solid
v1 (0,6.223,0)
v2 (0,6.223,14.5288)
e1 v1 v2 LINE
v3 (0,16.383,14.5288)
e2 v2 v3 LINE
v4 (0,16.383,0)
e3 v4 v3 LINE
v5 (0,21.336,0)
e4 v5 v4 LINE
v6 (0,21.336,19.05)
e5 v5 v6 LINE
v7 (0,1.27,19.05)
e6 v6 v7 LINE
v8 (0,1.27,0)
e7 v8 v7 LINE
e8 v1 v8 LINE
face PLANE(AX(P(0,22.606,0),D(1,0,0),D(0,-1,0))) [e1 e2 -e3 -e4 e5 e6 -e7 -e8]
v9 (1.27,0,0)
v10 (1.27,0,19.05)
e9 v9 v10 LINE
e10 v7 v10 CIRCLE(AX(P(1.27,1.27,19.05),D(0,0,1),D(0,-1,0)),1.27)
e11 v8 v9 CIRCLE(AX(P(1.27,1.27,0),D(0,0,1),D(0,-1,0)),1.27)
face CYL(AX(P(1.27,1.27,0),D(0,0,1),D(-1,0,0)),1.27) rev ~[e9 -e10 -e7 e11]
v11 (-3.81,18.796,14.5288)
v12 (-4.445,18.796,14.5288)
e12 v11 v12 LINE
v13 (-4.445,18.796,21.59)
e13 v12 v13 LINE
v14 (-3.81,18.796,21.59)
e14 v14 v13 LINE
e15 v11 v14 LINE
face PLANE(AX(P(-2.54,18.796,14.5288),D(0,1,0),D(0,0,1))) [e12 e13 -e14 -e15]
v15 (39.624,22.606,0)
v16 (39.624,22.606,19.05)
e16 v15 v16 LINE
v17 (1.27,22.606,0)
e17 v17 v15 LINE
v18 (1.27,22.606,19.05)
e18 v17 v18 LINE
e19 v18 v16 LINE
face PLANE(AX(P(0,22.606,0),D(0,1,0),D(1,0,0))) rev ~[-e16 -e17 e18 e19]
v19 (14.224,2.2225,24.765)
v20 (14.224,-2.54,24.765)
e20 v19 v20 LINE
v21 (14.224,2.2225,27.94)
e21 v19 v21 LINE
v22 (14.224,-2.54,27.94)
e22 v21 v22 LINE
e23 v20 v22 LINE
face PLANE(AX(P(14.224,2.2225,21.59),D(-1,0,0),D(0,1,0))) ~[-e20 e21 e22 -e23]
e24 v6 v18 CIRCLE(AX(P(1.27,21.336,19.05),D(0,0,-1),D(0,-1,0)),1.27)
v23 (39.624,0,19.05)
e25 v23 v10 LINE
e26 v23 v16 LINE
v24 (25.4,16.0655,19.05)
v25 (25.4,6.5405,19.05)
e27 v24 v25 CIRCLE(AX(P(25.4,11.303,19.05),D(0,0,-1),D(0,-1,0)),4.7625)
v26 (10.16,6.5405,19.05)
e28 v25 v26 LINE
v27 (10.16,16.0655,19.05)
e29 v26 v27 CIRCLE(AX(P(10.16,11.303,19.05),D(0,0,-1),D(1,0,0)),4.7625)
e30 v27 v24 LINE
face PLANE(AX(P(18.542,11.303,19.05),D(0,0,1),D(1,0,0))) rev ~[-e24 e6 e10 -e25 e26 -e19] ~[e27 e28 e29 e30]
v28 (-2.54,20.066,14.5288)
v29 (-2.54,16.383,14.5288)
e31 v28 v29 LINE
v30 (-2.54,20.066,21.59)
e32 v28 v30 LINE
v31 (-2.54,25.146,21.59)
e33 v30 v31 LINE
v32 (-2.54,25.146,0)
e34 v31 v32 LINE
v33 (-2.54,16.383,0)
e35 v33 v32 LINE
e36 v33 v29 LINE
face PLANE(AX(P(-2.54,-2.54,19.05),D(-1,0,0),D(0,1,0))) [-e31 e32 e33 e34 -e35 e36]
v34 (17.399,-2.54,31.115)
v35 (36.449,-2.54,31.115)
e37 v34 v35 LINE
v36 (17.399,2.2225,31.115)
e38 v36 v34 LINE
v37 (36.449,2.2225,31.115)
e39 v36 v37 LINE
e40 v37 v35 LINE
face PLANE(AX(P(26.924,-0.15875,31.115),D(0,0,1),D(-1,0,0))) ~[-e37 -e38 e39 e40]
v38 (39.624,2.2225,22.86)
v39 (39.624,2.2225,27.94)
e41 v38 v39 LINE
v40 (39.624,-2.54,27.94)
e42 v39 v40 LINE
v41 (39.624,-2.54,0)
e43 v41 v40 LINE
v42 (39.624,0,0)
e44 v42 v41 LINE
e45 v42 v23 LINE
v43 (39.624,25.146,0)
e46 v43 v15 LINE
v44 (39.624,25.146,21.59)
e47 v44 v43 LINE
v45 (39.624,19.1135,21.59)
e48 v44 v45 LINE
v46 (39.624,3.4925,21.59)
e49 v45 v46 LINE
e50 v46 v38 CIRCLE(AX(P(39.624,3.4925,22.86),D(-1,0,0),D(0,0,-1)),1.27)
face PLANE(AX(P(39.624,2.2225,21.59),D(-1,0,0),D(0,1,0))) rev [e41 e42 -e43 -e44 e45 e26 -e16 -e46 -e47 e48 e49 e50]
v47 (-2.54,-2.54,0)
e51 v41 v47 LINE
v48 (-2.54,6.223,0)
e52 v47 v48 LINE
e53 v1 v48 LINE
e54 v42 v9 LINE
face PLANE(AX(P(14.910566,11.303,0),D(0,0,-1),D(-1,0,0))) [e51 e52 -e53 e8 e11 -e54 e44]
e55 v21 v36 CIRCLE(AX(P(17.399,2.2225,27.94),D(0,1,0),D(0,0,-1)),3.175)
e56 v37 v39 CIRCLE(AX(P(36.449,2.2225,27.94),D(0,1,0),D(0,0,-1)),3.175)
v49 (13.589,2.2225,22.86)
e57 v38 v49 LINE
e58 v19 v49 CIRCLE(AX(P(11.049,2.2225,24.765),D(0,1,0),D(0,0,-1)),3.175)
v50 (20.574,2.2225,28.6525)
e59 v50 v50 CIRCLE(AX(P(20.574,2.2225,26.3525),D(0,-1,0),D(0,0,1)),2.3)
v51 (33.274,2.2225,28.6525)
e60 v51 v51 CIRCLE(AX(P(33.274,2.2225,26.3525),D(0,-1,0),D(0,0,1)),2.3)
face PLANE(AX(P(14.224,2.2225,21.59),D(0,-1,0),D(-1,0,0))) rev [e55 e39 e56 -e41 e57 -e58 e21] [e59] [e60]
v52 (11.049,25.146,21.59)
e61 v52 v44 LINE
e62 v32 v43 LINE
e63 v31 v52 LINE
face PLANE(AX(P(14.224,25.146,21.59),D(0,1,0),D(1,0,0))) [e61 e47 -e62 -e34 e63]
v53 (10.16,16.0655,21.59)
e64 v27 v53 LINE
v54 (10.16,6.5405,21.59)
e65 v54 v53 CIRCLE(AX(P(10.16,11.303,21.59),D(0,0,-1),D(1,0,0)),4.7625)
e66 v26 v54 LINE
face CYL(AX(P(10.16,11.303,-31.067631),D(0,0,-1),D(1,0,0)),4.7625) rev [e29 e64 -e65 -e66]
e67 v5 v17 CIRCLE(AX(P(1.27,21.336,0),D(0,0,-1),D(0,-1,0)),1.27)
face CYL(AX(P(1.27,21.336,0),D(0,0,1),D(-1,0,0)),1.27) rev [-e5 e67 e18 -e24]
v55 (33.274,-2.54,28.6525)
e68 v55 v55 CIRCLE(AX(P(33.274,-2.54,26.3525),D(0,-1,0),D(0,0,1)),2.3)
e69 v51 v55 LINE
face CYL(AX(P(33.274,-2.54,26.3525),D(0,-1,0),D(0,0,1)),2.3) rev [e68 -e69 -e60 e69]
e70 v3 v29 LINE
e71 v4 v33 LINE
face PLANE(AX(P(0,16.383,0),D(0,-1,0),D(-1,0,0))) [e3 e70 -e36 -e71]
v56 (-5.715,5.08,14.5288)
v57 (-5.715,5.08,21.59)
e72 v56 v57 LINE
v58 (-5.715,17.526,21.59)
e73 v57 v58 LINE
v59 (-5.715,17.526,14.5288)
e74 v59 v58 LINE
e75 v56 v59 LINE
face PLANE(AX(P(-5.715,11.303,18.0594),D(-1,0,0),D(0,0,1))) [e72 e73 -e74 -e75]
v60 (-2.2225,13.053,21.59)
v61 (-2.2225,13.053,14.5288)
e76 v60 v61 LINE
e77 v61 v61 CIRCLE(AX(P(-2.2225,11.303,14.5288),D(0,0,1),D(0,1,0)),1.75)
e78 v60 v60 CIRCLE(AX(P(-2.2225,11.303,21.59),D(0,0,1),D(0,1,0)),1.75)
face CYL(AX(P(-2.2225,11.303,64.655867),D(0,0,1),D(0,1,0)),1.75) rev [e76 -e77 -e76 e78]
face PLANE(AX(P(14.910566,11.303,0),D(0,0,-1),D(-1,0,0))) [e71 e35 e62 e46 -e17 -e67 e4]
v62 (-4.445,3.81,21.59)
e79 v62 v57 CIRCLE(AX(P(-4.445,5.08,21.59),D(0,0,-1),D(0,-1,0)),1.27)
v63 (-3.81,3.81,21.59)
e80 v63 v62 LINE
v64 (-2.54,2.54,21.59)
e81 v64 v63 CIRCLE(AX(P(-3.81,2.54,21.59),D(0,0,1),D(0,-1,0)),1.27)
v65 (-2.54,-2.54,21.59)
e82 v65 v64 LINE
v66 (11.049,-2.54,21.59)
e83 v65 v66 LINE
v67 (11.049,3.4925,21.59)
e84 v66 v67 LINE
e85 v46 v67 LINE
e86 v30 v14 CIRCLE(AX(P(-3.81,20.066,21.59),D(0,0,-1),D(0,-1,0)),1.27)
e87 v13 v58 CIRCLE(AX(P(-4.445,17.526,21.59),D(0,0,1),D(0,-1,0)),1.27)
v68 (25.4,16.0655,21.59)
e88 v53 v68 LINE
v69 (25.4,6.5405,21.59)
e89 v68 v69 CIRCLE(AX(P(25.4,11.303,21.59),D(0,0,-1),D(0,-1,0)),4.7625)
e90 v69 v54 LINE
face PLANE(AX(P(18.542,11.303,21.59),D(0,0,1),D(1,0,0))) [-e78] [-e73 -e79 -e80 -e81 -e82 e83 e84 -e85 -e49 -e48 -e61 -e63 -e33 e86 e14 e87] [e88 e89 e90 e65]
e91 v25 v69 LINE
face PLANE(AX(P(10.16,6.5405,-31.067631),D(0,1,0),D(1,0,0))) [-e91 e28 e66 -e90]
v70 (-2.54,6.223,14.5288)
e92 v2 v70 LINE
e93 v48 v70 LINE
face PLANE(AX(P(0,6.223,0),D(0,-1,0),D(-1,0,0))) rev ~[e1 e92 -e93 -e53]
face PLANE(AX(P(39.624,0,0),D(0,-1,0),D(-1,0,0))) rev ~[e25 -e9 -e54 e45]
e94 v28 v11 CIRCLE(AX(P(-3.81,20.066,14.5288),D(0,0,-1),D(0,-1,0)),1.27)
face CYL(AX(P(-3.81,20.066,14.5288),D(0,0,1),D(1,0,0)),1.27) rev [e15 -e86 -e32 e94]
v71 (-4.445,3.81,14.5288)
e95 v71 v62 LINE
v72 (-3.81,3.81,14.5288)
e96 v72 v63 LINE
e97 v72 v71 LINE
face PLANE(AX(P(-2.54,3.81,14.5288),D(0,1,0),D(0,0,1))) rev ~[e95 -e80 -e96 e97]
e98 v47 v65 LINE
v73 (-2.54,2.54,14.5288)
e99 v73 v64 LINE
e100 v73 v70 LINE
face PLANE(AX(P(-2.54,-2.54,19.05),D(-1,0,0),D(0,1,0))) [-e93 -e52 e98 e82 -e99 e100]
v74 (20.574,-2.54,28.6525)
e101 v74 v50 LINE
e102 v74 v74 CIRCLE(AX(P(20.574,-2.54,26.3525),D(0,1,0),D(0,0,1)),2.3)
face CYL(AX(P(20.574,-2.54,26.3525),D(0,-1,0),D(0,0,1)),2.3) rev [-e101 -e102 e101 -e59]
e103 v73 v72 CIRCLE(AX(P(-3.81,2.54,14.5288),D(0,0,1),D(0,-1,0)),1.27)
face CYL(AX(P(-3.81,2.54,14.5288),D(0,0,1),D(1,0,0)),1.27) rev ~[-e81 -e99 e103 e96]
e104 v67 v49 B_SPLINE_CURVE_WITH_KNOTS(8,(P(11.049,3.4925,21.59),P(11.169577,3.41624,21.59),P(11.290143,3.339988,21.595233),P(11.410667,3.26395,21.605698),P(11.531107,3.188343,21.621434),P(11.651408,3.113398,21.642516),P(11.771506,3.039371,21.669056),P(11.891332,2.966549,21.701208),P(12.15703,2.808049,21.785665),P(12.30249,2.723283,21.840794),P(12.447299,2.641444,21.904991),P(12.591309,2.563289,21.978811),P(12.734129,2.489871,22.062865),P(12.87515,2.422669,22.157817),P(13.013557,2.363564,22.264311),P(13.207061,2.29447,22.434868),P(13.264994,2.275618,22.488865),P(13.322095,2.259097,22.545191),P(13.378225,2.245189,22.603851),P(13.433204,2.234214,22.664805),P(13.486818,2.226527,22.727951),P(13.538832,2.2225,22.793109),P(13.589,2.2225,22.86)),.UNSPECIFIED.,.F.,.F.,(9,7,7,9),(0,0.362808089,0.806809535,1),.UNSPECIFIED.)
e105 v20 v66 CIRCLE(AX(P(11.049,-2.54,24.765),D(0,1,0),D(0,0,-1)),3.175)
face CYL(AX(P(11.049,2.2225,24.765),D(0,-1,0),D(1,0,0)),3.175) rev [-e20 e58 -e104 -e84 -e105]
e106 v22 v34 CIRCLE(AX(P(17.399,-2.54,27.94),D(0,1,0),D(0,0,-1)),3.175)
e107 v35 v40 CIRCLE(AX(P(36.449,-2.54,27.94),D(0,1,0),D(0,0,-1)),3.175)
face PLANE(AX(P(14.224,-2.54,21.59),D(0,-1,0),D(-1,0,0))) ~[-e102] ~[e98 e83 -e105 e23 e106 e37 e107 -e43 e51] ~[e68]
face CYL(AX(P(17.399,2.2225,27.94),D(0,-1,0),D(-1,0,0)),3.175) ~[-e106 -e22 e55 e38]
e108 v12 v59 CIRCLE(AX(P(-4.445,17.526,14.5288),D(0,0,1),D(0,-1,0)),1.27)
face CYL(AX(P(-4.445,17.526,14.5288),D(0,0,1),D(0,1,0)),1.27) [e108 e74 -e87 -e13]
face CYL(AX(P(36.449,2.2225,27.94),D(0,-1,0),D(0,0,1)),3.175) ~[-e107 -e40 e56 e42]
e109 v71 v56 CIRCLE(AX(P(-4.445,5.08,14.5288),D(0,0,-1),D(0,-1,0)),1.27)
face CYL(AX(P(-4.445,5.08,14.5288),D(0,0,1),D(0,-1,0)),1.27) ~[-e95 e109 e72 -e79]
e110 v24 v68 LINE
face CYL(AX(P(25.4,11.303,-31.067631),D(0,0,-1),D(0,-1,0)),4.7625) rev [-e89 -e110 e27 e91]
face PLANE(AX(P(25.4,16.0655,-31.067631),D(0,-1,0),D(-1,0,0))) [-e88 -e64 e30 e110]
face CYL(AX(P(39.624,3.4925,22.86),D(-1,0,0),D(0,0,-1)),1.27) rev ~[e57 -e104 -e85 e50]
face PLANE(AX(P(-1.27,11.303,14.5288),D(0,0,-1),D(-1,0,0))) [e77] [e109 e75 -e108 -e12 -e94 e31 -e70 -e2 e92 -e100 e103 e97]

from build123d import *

# Parameters (mm, degrees)
BOSS_EXTRUDE1_DEPTH     = 19.05
SKETCH2_W               = 42.164
SKETCH2_H               = 27.686
BOSS_EXTRUDE2_DEPTH     = 2.54
SKETCH3_W               = 7.0612
SKETCH3_H               = 14.986
BOSS_EXTRUDE3_DEPTH     = 3.175
CUT_EXTRUDE1_DEPTH      = 50.127067096
CUT_EXTRUDE1_DEPTH_BACK = 50.127067096
SKETCH4_R               = 1.75
FILLET2_R               = 1.27
CUT_EXTRUDE2_DEPTH      = 52.65763053
CUT_EXTRUDE2_DEPTH_BACK = 52.65763053
SKETCH5_R               = 4.7625
SKETCH6_W               = 25.4
SKETCH6_H               = 4.7625
BOSS_EXTRUDE4_DEPTH     = 9.525
FILLET3_R               = 3.175
FILLET4_R               = 1.27
FILLET6_R               = 1.27
SKETCH8_R               = 2.3
CUT_EXTRUDE3_DEPTH      = 58.486687197
SKETCH9_W               = 2.54
SKETCH9_H               = 10.16
CUT_EXTRUDE4_DEPTH      = 14.5288
FILLET3_OF_MIRROR2_R    = 3.175
FILLET4_OF_MIRROR2_R    = 1.27
SKETCH11_W              = 43.835439061
SKETCH11_H              = 10.898597795
CUT_EXTRUDE5_DEPTH      = 6.858


with BuildPart() as part:
    # Sketch1 → Boss-Extrude1 (new body)
    with BuildSketch(Plane.XY):
        Polygon((-2.54, 25.146), (39.624, 25.146), (39.624, 22.606), (37.084, 22.606), (0, 22.606), (0, 0), (37.084, 0), (39.624, 0), (39.624, -2.54), (-2.54, -2.54), align=None)
    extrude(amount=BOSS_EXTRUDE1_DEPTH)

    # Sketch2 → Boss-Extrude2 (add)
    with BuildSketch(Plane.XY.offset(19.05)):
        with Locations((18.542, 11.303)):
            Rectangle(SKETCH2_W, SKETCH2_H)
    extrude(amount=BOSS_EXTRUDE2_DEPTH)

    # Sketch3 → Boss-Extrude3 (add)
    with BuildSketch(Plane.ZY.offset(2.54)):
        with Locations((18.0594, 11.303)):
            Rectangle(SKETCH3_W, SKETCH3_H)
    extrude(amount=BOSS_EXTRUDE3_DEPTH)

    # Sketch4 → Cut-Extrude1 (cut, two sides: drawn at the far end of the back side and taken through both)
    with BuildSketch(Plane(origin=(0, 0, 14.5288), x_dir=(-1, 0, 0), z_dir=(0, 0, -1)).offset(-CUT_EXTRUDE1_DEPTH_BACK)):
        with Locations(Location((2.2225, 11.303, 0), (0, 0, 90))):
            Circle(SKETCH4_R)
    extrude(amount=CUT_EXTRUDE1_DEPTH + CUT_EXTRUDE1_DEPTH_BACK, mode=Mode.SUBTRACT)

    # Fillet2
    fillet2_edges = [part.edges().sort_by_distance(p)[0] for p in [
        (-2.54, 18.796, 18.0594),
        (-2.54, 3.81, 18.0594),
        (-5.715, 18.796, 18.0594),
        (-5.715, 3.81, 18.0594),
    ]]
    fillet(fillet2_edges, radius=FILLET2_R)

    # Sketch5 → Cut-Extrude2 (cut, two sides: drawn at the far end of the back side and taken through both)
    with BuildSketch(Plane.XY.offset(21.59).offset(-CUT_EXTRUDE2_DEPTH_BACK)):
        with Locations((10.16, 11.303)):
            Circle(SKETCH5_R)
        with BuildLine():
            Line((25.4, 16.0655), (10.16, 16.0655))
            ThreePointArc((10.16, 16.0655), (13.527596045, 14.670596045), (14.9225, 11.303))
            ThreePointArc((14.9225, 11.303), (13.527596045, 7.935403955), (10.16, 6.5405))
            Line((10.16, 6.5405), (25.4, 6.5405))
            ThreePointArc((25.4, 6.5405), (20.6375, 11.303), (25.4, 16.0655))
        make_face()
        with Locations((25.4, 11.303)):
            Circle(SKETCH5_R)
    extrude(amount=CUT_EXTRUDE2_DEPTH + CUT_EXTRUDE2_DEPTH_BACK, mode=Mode.SUBTRACT)

    # Sketch6 → Boss-Extrude4 (add)
    with BuildSketch(Plane.XY.offset(21.59)):
        with Locations((26.924, 22.76475)):
            Rectangle(SKETCH6_W, SKETCH6_H)
    boss_extrude4 = extrude(amount=BOSS_EXTRUDE4_DEPTH)

    # Fillet3
    fillet3_edges = [part.edges().sort_by_distance(p)[0] for p in [
        (14.224, 22.76475, 21.59),
        (14.224, 22.76475, 31.115),
        (39.624, 22.76475, 31.115),
    ]]
    fillet(fillet3_edges, radius=FILLET3_R)

    # Fillet4
    fillet4_edges = [part.edges().sort_by_distance(p)[0] for p in [
        (25.3365, 20.3835, 21.59),
    ]]
    fillet(fillet4_edges, radius=FILLET4_R)

    # Fillet6
    fillet6_edges = [part.edges().sort_by_distance(p)[0] for p in [
        (0, 0, 9.525),
        (0, 22.606, 9.525),
    ]]
    fillet(fillet6_edges, radius=FILLET6_R)

    # Sketch8 → Cut-Extrude3 (cut, symmetric)
    with BuildSketch(Plane(origin=(0, 25.146, 0), x_dir=(1, 0, 0), z_dir=(0, 1, 0))):
        with Locations(Location((20.574, -26.3525, 0), (0, 0, 270))):
            Circle(SKETCH8_R)
        with Locations(Location((33.274, -26.3525, 0), (0, 0, 270))):
            Circle(SKETCH8_R)
    cut_extrude3 = extrude(amount=CUT_EXTRUDE3_DEPTH, both=True, mode=Mode.SUBTRACT)

    # Sketch9 → Cut-Extrude4 (cut)
    with BuildSketch(Plane(origin=(0, 0, 0), x_dir=(-1, 0, 0), z_dir=(0, 0, -1))):
        with Locations((1.27, 11.303)):
            Rectangle(SKETCH9_W, SKETCH9_H)
    extrude(amount=-CUT_EXTRUDE4_DEPTH, mode=Mode.SUBTRACT)

    # Mirror2: Boss-Extrude4, Cut-Extrude3 across plane
    add(boss_extrude4.mirror(Plane.ZX.offset(11.303)))
    add(cut_extrude3.mirror(Plane.ZX.offset(11.303)), mode=Mode.SUBTRACT)

    # Fillet3 of Mirror2
    fillet3_of_mirror2_edges = [part.edges().sort_by_distance(p)[0] for p in [
        (14.224, -0.15875, 21.59),
        (14.224, -0.15875, 31.115),
        (39.624, -0.15875, 31.115),
    ]]
    fillet(fillet3_of_mirror2_edges, radius=FILLET3_OF_MIRROR2_R)

    # Fillet4 of Mirror2
    fillet4_of_mirror2_edges = [part.edges().sort_by_distance(p)[0] for p in [
        (25.3365, 2.2225, 21.59),
    ]]
    fillet(fillet4_of_mirror2_edges, radius=FILLET4_OF_MIRROR2_R)

    # Sketch11 → Cut-Extrude5 (cut)
    with BuildSketch(Plane(origin=(0, 25.146, 0), x_dir=(1, 0, 0), z_dir=(0, 1, 0))):
        with Locations((19.377719531, -27.039298898)):
            Rectangle(SKETCH11_W, SKETCH11_H)
    extrude(amount=-CUT_EXTRUDE5_DEPTH, mode=Mode.SUBTRACT)


solid = part.part
